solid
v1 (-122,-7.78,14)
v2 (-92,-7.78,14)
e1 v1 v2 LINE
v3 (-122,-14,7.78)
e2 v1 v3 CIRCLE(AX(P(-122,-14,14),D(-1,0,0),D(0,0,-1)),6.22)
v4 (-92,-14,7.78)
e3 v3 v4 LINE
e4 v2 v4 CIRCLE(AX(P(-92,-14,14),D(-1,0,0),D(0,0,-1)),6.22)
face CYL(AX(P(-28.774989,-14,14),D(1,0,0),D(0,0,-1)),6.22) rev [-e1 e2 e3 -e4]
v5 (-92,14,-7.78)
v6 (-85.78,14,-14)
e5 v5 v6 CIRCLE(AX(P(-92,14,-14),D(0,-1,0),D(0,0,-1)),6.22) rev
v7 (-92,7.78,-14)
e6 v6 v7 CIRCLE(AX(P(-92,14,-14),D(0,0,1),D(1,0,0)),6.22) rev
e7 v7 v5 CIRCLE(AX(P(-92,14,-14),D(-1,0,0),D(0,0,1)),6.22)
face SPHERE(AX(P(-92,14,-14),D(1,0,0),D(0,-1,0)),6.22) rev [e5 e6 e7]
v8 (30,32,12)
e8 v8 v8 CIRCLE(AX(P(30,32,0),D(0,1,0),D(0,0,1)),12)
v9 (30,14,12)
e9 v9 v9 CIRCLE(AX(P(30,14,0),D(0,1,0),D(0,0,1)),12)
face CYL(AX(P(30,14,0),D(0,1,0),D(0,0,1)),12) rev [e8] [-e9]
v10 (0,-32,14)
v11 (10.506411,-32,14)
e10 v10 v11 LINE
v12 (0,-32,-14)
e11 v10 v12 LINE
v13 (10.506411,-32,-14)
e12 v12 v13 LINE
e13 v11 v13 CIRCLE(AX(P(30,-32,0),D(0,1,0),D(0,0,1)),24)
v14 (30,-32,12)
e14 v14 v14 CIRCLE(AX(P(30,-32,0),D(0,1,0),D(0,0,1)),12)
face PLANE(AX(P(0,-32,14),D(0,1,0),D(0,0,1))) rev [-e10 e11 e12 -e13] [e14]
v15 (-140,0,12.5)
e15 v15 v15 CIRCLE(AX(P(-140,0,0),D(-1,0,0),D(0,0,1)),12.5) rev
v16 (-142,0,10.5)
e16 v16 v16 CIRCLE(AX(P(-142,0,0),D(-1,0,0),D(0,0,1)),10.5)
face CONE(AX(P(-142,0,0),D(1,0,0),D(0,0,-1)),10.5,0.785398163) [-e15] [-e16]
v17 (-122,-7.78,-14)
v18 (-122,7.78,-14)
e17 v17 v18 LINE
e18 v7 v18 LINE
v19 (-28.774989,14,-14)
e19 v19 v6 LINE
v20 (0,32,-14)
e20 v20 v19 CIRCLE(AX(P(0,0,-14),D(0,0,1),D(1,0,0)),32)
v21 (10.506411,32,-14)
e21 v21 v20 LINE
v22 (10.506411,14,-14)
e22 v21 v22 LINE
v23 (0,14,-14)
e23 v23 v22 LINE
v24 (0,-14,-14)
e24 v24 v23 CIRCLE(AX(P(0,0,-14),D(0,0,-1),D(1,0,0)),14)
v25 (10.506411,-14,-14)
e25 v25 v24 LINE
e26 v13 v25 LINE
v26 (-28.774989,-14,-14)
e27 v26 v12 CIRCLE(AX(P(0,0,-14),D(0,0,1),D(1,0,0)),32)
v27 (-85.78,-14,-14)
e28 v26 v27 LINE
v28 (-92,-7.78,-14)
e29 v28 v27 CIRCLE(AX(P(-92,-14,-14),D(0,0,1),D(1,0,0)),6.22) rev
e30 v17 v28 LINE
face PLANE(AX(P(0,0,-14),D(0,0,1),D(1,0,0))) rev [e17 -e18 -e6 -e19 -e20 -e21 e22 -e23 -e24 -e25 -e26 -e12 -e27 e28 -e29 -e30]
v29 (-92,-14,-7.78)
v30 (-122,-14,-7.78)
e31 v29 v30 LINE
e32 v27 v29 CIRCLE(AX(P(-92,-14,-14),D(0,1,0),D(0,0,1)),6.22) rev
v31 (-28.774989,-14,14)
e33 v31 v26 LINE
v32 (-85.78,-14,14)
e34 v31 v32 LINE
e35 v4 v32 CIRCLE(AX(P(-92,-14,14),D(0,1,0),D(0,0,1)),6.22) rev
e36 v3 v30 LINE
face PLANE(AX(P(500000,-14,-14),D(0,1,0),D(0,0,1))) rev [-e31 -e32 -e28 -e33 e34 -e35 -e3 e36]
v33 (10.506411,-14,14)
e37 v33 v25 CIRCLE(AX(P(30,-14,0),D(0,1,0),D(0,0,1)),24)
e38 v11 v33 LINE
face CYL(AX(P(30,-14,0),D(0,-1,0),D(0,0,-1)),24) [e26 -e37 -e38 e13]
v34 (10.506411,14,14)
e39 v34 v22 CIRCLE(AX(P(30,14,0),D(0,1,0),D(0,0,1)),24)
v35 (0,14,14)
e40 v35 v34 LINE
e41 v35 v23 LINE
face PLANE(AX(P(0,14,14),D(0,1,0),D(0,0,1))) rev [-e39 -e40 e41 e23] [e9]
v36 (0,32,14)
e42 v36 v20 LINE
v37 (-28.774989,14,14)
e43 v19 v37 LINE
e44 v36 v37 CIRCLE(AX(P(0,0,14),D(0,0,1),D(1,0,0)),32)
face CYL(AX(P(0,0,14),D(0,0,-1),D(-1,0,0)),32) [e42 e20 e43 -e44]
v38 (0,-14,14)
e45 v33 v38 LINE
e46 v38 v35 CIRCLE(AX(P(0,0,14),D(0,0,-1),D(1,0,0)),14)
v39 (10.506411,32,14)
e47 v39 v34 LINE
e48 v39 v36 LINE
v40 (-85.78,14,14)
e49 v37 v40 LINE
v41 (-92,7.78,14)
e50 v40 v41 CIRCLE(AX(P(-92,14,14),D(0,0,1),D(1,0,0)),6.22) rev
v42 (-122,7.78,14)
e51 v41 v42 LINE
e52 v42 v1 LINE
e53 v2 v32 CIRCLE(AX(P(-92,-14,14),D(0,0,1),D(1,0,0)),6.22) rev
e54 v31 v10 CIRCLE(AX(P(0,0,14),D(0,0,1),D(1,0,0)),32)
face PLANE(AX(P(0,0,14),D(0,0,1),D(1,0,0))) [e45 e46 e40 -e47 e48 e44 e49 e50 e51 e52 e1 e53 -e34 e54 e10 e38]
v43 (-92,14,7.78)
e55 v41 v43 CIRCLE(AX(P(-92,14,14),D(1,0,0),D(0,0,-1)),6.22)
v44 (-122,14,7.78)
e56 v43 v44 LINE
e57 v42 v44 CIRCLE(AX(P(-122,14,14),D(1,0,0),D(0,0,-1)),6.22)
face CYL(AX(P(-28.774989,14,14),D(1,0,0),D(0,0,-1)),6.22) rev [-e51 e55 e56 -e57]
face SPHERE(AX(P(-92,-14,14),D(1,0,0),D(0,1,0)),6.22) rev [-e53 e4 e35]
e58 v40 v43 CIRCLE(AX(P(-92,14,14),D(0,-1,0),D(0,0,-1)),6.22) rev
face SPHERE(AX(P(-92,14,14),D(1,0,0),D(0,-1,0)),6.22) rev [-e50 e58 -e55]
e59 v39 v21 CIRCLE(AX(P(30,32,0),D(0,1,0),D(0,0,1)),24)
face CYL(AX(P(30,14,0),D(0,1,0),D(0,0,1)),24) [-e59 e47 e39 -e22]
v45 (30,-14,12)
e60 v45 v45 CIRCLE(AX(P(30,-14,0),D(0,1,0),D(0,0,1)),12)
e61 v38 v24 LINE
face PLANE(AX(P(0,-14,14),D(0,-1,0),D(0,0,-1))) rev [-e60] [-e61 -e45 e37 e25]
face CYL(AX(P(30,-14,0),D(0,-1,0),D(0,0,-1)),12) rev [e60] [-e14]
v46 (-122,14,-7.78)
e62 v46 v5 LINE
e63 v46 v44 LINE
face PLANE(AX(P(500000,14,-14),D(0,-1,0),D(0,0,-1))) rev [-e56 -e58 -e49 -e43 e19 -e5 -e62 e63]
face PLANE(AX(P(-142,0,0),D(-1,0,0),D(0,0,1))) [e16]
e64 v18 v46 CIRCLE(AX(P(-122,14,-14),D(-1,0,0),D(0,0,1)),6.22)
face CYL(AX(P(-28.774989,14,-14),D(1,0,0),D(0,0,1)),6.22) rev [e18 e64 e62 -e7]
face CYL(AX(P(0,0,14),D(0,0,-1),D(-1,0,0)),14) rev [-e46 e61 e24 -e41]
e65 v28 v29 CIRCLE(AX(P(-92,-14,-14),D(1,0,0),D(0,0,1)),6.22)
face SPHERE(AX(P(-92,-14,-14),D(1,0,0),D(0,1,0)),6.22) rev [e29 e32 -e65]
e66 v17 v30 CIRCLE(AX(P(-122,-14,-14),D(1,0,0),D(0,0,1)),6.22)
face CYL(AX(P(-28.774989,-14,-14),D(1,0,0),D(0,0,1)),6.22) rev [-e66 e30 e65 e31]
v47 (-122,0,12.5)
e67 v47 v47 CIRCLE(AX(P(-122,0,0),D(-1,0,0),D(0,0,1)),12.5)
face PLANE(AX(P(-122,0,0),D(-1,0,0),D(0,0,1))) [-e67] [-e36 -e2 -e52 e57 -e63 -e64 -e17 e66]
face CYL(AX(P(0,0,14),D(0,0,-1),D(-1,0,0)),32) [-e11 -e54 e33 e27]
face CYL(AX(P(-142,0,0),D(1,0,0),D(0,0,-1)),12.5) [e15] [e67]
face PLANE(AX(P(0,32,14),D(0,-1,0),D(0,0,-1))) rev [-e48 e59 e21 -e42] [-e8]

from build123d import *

# Parameters (mm, degrees)
BOSS_EXTRUDE1_DEPTH = 14
SKETCH2_R           = 24
SKETCH2_R_2         = 12
BOSS_EXTRUDE2_DEPTH = 18
BOSS_EXTRUDE3_REACH = 178
SKETCH3_W           = 28
SKETCH3_H           = 28
SKETCH5_R           = 12.5
BOSS_EXTRUDE4_DEPTH = 20
CHAMFER1_SIZE       = 2


with BuildPart() as part:
    # Sketch1 → Boss-Extrude1 (new body, symmetric)
    with BuildSketch(Plane.XY):
        with BuildLine():
            Line((0, 32), (18, 32))
            Line((18, 32), (18, 14))
            Line((18, 14), (0, 14))
            ThreePointArc((0, 14), (-14, 0), (0, -14))
            Line((0, -14), (18, -14))
            Line((18, -14), (18, -32))
            Line((18, -32), (0, -32))
            ThreePointArc((0, -32), (-32, 0), (0, 32))
        make_face()
    extrude(amount=BOSS_EXTRUDE1_DEPTH, both=True)

    # Sketch2 → Boss-Extrude2 (add)
    with BuildSketch(Plane(origin=(0, 32, 0), x_dir=(1, 0, 0), z_dir=(0, 1, 0))):
        with Locations((30, 0)):
            Circle(SKETCH2_R)
        with Locations((30, 0)):
            Circle(SKETCH2_R_2, mode=Mode.SUBTRACT)
    boss_extrude2 = extrude(amount=-BOSS_EXTRUDE2_DEPTH)

    # Mirror1: Boss-Extrude2 across plane
    add(boss_extrude2.mirror(Plane.ZX))

    # Sketch3 → Boss-Extrude3 (add, up to next)
    with BuildSketch(Plane(origin=(-122, 0, 0), x_dir=(0, 0, -1), z_dir=(1, 0, 0)), mode=Mode.PRIVATE) as boss_extrude3_sk1:
        Rectangle(SKETCH3_W, SKETCH3_H)
    boss_extrude3_tool1 = extrude(boss_extrude3_sk1.sketch, amount=BOSS_EXTRUDE3_REACH, mode=Mode.PRIVATE) - part.part
    add(boss_extrude3_tool1.solids().sort_by_distance((-122, 0, 0))[0])

    # Sketch4 → Cut-Revolve1 (revolve, cut)
    with BuildSketch(Plane.XY.offset(14)):
        with BuildLine():
            Line((-122, 14), (-122, 7.78))
            Line((-122, 7.78), (-92, 7.78))
            ThreePointArc((-92, 7.78), (-87.601795821, 9.601795821), (-85.78, 14))
            Line((-85.78, 14), (-122, 14))
        make_face()
    cut_revolve1 = revolve(axis=Axis((500000, 14, 14), (-1, 0, 0)), mode=Mode.SUBTRACT)

    # Mirror2: Cut-Revolve1 across plane
    add(cut_revolve1.mirror(Plane.XY), mode=Mode.SUBTRACT)

    # Mirror3: Cut-Revolve1 across plane
    add(cut_revolve1.mirror(Plane.ZX), mode=Mode.SUBTRACT)

    # Mirror3 copy 1 sketch → Mirror3 copy 1 (revolve, cut)
    with BuildSketch(Plane(origin=(0, 0, -14), x_dir=(1, 0, 0), z_dir=(0, 0, -1))):
        with BuildLine():
            Line((-122, 14), (-122, 7.78))
            Line((-122, 7.78), (-92, 7.78))
            ThreePointArc((-92, 7.78), (-87.601795821, 9.601795821), (-85.78, 14))
            Line((-85.78, 14), (-122, 14))
        make_face()
    revolve(axis=Axis((500000, -14, -14), (-1, 0, 0)), mode=Mode.SUBTRACT)

    # Sketch5 → Boss-Extrude4 (add)
    with BuildSketch(Plane.ZY.offset(122)):
        Circle(SKETCH5_R)
    extrude(amount=BOSS_EXTRUDE4_DEPTH)

    # Chamfer1
    chamfer1_edges = [part.edges().sort_by_distance(p)[0] for p in [
        (-142, 0, -12.5),
    ]]
    chamfer(chamfer1_edges, length=CHAMFER1_SIZE)


solid = part.part
